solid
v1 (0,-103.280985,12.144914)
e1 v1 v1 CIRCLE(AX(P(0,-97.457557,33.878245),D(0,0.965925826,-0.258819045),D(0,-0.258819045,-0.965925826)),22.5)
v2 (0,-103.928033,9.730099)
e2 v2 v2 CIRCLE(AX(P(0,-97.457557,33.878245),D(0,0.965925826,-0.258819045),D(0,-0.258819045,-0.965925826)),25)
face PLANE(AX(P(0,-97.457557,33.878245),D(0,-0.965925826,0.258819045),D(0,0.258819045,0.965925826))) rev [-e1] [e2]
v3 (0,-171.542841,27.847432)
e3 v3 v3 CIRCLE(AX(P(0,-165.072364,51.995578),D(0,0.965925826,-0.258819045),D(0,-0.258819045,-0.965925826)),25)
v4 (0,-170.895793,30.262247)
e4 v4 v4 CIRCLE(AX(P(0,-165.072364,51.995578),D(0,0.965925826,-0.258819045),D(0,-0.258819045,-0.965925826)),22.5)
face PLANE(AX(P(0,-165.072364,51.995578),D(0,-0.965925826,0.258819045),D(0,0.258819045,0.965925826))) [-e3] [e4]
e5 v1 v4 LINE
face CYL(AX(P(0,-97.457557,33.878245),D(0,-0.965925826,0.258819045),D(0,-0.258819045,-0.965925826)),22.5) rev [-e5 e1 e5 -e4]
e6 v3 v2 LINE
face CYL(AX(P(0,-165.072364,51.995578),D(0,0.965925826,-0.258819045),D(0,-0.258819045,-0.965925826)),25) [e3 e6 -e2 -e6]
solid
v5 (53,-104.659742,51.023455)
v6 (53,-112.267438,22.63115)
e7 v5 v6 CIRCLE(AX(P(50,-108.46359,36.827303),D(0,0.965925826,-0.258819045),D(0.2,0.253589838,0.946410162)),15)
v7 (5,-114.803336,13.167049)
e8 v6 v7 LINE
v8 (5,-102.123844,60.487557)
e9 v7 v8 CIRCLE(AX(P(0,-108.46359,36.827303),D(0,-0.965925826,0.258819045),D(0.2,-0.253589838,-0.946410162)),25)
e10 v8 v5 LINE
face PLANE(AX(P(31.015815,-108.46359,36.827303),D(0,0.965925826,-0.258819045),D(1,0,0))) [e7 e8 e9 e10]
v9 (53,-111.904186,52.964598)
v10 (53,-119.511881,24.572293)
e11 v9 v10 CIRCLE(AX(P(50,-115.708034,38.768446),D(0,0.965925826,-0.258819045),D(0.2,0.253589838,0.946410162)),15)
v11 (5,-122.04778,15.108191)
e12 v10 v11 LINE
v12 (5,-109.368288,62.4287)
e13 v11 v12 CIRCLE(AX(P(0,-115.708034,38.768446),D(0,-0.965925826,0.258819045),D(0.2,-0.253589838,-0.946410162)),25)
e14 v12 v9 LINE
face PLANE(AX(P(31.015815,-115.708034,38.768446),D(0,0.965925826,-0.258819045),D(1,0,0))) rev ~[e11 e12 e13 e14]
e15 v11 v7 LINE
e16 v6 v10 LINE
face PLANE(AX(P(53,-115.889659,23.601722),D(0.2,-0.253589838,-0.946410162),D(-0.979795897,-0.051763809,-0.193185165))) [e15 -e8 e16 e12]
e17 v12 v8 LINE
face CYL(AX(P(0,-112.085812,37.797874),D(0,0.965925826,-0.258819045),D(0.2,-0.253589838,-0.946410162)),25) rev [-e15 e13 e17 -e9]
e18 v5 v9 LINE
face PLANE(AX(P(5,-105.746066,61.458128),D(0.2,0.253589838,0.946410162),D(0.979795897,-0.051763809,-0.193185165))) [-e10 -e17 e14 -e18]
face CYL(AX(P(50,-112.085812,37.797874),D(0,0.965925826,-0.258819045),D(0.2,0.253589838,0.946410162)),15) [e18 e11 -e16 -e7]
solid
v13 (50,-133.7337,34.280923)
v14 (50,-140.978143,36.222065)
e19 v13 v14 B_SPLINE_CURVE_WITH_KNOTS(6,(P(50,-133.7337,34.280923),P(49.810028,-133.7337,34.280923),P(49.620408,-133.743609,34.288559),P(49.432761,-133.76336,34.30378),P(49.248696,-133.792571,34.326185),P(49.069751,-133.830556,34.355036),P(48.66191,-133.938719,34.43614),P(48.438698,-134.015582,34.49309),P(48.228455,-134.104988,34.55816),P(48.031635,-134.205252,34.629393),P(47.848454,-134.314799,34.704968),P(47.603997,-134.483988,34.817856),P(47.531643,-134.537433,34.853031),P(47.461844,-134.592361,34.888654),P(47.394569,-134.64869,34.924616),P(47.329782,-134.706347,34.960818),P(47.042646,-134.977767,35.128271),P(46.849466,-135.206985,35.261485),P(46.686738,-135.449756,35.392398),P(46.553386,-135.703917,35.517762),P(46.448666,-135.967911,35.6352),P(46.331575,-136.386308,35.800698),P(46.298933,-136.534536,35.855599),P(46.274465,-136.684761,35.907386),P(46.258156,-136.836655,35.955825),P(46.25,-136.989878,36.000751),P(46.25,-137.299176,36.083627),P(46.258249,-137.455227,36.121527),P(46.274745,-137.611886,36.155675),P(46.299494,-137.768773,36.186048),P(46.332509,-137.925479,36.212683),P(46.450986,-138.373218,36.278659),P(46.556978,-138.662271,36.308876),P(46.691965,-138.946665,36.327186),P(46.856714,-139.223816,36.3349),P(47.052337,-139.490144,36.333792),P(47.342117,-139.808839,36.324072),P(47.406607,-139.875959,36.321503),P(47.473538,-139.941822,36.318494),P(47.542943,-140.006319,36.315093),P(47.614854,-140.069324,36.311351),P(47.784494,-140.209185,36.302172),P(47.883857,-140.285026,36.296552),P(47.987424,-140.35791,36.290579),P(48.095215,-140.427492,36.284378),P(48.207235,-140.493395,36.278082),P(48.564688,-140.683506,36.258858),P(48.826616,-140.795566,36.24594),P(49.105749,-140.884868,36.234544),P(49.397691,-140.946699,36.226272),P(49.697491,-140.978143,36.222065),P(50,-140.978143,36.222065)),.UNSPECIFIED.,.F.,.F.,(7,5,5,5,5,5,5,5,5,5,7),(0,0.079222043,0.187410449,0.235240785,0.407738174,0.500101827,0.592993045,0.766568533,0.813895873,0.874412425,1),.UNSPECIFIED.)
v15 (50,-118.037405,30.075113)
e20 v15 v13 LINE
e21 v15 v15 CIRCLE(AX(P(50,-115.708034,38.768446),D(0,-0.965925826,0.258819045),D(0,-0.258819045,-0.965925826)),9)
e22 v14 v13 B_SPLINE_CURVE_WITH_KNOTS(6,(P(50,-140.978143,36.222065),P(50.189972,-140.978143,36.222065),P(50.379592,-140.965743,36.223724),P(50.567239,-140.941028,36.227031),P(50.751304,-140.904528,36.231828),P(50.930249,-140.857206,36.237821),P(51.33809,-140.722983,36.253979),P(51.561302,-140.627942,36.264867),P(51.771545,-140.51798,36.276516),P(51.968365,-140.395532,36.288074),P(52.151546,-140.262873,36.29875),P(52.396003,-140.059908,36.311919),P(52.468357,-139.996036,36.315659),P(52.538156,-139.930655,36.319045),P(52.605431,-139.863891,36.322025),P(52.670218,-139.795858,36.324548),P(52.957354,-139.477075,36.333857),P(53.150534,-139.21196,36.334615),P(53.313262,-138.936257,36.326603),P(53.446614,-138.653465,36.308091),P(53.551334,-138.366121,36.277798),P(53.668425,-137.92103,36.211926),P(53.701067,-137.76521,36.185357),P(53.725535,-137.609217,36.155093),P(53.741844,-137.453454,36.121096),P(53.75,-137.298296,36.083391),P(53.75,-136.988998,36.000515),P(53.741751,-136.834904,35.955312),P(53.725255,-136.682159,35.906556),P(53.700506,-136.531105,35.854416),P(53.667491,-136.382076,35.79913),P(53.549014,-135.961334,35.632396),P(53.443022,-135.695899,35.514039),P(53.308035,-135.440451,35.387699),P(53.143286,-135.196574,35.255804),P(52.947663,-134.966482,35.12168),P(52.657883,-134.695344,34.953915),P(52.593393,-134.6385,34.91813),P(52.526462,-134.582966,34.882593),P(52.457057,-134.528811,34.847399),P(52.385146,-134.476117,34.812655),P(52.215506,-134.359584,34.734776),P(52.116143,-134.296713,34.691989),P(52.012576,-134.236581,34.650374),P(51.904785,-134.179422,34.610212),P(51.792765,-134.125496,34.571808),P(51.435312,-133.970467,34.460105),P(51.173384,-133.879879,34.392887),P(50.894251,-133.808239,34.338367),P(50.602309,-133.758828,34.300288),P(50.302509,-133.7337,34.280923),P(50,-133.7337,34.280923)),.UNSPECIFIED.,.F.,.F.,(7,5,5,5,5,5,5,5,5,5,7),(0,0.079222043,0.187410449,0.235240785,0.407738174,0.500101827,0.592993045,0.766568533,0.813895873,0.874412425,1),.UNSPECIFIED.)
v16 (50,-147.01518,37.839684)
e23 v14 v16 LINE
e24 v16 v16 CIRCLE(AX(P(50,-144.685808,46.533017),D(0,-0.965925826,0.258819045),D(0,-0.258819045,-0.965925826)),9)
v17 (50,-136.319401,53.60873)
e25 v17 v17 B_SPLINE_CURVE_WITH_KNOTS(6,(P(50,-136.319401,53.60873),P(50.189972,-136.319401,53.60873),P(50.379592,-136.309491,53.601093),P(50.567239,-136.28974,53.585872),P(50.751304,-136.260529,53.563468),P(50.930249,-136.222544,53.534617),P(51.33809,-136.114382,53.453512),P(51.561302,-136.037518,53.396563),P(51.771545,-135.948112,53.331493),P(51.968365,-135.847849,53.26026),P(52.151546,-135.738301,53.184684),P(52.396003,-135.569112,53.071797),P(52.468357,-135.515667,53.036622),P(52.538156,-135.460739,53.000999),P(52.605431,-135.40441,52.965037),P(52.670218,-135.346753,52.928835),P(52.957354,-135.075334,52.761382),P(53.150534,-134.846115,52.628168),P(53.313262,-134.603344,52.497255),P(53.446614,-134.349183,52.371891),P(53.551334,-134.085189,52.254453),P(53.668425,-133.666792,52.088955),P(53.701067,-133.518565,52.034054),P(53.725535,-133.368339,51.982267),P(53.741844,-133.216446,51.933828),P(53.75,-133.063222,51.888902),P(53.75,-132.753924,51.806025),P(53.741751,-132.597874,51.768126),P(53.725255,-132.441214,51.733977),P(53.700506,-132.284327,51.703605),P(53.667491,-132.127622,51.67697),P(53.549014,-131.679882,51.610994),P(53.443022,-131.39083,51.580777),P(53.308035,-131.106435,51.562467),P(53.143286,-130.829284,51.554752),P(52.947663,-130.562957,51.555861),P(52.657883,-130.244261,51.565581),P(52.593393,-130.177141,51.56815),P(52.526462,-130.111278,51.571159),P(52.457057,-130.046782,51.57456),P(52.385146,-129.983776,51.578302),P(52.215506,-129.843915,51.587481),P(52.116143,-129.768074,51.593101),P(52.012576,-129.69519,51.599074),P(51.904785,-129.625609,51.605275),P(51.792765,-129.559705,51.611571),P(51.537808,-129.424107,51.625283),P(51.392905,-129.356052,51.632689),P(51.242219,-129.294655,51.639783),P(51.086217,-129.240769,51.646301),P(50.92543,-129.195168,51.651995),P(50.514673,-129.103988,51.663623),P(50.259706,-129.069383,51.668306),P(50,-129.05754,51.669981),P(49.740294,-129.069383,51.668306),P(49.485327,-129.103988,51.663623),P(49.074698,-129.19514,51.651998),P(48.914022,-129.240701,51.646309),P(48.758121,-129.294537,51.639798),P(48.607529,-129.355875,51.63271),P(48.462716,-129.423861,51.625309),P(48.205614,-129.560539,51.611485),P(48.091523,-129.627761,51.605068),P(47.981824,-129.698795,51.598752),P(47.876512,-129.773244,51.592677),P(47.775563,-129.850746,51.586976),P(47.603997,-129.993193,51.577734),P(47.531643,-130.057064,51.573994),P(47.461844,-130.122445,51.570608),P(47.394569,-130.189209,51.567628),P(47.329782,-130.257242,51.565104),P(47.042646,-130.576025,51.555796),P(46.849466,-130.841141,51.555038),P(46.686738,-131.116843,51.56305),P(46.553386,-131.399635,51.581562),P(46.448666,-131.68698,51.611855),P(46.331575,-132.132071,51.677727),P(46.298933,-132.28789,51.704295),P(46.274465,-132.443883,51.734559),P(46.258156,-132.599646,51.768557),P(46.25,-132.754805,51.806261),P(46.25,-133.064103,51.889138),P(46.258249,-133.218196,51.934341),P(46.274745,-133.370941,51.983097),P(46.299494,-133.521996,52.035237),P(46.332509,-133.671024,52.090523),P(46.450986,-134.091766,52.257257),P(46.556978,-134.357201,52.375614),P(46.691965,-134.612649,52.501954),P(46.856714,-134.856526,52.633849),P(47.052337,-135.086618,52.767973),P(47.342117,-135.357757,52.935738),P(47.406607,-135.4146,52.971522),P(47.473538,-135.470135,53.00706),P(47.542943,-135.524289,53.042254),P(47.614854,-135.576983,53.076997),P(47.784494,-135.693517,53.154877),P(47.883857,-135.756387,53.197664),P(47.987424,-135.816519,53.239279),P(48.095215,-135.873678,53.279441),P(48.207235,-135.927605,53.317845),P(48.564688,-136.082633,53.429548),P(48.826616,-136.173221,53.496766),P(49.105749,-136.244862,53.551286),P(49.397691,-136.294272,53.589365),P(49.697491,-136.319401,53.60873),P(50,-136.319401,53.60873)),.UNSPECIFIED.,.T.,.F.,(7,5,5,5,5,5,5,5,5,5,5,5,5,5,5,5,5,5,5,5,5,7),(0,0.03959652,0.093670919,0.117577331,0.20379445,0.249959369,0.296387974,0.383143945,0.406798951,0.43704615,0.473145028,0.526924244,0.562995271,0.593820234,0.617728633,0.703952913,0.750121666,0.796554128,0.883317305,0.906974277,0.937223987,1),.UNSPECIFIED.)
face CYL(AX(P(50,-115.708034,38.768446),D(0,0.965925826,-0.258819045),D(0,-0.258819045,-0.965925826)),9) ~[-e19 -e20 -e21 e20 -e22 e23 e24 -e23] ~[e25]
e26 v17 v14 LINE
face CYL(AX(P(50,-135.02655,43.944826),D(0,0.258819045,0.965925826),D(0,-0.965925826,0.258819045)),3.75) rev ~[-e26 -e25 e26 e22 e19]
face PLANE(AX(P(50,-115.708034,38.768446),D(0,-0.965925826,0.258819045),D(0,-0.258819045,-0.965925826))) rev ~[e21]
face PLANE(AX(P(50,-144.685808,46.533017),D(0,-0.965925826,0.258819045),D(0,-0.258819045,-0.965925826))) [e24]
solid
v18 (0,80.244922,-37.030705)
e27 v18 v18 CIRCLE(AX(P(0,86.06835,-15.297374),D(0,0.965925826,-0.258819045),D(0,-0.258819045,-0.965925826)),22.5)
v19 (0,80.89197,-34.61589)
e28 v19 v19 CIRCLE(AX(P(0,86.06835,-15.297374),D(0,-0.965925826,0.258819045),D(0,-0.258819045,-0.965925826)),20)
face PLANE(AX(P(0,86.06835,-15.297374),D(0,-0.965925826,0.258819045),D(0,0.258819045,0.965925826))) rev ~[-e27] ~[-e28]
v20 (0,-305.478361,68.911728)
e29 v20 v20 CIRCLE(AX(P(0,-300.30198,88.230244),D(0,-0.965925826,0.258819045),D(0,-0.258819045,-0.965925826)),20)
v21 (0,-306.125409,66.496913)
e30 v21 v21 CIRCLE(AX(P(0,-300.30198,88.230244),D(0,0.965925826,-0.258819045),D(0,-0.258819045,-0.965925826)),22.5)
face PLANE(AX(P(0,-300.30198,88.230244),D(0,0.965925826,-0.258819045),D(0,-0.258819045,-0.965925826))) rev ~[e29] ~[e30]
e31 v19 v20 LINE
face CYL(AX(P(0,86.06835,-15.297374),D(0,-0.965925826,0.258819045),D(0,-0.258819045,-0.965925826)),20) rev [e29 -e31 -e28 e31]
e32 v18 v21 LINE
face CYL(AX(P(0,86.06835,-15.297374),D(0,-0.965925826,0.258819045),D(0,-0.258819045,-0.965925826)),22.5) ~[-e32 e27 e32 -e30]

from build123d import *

# Parameters (mm, degrees)
BOSS_EXTRUDE1_DEPTH     = 3.75
SKETCH5_R               = 9
BOSS_EXTRUDE2_DEPTH     = 30
SHELL1_T                = -2.5
SKETCH6_R               = 3.75
CUT_EXTRUDE2_DEPTH      = 332.181551676
CUT_EXTRUDE2_DEPTH_BACK = 332.181551676


with BuildPart() as part:
    # Sketch2 → Revolve1 (revolve)
    with BuildSketch(Plane(origin=(0, 0, 0), x_dir=(0, 0, -1), z_dir=(1, 0, 0))):
        Polygon((37.030704723, 80.244921888), (-66.496913318, -306.125408627), (-88.23024441, -300.301980112), (15.297373631, 86.068350403), align=None)
    revolve(axis=Axis((0, -300.301980112, 88.23024441), (0, 0.9659258262890701, -0.25881904510251424)))

    # Shell1
    shell1_openings = [part.faces().sort_by_distance(p)[0] for p in [
        (0, -300.301980112, 88.23024441),
        (0, 86.068350403, -15.297373631),
    ]]
    offset(amount=SHELL1_T, openings=shell1_openings, kind=Kind.INTERSECTION)


with BuildPart() as body_2:
    # Sketch3 → Revolve2 (revolve)
    with BuildSketch(Plane(origin=(0, 0, 0), x_dir=(0, 0, -1), z_dir=(1, 0, 0))):
        Polygon((-12.144913847, -103.280985107), (-30.262247004, -170.895792947), (-27.847432438, -171.54284056), (-9.730099281, -103.928032719), align=None)
    revolve(axis=Axis((0, -300.301980112, 88.23024441), (0, 0.9659258262890701, -0.25881904510251424)))


with BuildPart() as body_3:
    # Sketch4 → Boss-Extrude1 (new, symmetric)
    with BuildSketch(Plane(origin=(0, -114.02695461, 30.553430403), x_dir=(1, 0, 0), z_dir=(0, 0.96592582628907, -0.25881904510251447))):
        with BuildLine():
            Line((53, 7.196938457), (5, 16.994897428))
            ThreePointArc((5, 16.994897428), (25, -7.5), (5, -31.994897428))
            Line((5, -31.994897428), (53, -22.196938457))
            ThreePointArc((53, -22.196938457), (65, -7.5), (53, 7.196938457))
        make_face()
    extrude(amount=BOSS_EXTRUDE1_DEPTH, both=True)


with BuildPart() as body_4:
    # Sketch5 → Boss-Extrude2 (new body)
    with BuildSketch(Plane(origin=(0, -117.649176458, 31.524001822), x_dir=(1, 0, 0), z_dir=(0, -0.96592582628907, 0.25881904510251447))):
        with Locations(Location((50, 7.5, 0), (0, 0, 270))):
            Circle(SKETCH5_R)
    extrude(amount=BOSS_EXTRUDE2_DEPTH)

    # Sketch6 → Cut-Extrude2 (cut, two sides)
    with BuildSketch(Plane(origin=(0, 1.941142838, 7.244443697), x_dir=(1, 0, 0), z_dir=(0, 0.2588190451025143, 0.9659258262890701))) as cut_extrude2_sk:
        with Locations(Location((50, -141.799390032, 0), (0, 0, 270))):
            Circle(SKETCH6_R)
    extrude(amount=CUT_EXTRUDE2_DEPTH, mode=Mode.SUBTRACT)
    extrude(cut_extrude2_sk.sketch, amount=-CUT_EXTRUDE2_DEPTH_BACK, mode=Mode.SUBTRACT)


solid = Compound([part.part, body_2.part, body_3.part, body_4.part])
